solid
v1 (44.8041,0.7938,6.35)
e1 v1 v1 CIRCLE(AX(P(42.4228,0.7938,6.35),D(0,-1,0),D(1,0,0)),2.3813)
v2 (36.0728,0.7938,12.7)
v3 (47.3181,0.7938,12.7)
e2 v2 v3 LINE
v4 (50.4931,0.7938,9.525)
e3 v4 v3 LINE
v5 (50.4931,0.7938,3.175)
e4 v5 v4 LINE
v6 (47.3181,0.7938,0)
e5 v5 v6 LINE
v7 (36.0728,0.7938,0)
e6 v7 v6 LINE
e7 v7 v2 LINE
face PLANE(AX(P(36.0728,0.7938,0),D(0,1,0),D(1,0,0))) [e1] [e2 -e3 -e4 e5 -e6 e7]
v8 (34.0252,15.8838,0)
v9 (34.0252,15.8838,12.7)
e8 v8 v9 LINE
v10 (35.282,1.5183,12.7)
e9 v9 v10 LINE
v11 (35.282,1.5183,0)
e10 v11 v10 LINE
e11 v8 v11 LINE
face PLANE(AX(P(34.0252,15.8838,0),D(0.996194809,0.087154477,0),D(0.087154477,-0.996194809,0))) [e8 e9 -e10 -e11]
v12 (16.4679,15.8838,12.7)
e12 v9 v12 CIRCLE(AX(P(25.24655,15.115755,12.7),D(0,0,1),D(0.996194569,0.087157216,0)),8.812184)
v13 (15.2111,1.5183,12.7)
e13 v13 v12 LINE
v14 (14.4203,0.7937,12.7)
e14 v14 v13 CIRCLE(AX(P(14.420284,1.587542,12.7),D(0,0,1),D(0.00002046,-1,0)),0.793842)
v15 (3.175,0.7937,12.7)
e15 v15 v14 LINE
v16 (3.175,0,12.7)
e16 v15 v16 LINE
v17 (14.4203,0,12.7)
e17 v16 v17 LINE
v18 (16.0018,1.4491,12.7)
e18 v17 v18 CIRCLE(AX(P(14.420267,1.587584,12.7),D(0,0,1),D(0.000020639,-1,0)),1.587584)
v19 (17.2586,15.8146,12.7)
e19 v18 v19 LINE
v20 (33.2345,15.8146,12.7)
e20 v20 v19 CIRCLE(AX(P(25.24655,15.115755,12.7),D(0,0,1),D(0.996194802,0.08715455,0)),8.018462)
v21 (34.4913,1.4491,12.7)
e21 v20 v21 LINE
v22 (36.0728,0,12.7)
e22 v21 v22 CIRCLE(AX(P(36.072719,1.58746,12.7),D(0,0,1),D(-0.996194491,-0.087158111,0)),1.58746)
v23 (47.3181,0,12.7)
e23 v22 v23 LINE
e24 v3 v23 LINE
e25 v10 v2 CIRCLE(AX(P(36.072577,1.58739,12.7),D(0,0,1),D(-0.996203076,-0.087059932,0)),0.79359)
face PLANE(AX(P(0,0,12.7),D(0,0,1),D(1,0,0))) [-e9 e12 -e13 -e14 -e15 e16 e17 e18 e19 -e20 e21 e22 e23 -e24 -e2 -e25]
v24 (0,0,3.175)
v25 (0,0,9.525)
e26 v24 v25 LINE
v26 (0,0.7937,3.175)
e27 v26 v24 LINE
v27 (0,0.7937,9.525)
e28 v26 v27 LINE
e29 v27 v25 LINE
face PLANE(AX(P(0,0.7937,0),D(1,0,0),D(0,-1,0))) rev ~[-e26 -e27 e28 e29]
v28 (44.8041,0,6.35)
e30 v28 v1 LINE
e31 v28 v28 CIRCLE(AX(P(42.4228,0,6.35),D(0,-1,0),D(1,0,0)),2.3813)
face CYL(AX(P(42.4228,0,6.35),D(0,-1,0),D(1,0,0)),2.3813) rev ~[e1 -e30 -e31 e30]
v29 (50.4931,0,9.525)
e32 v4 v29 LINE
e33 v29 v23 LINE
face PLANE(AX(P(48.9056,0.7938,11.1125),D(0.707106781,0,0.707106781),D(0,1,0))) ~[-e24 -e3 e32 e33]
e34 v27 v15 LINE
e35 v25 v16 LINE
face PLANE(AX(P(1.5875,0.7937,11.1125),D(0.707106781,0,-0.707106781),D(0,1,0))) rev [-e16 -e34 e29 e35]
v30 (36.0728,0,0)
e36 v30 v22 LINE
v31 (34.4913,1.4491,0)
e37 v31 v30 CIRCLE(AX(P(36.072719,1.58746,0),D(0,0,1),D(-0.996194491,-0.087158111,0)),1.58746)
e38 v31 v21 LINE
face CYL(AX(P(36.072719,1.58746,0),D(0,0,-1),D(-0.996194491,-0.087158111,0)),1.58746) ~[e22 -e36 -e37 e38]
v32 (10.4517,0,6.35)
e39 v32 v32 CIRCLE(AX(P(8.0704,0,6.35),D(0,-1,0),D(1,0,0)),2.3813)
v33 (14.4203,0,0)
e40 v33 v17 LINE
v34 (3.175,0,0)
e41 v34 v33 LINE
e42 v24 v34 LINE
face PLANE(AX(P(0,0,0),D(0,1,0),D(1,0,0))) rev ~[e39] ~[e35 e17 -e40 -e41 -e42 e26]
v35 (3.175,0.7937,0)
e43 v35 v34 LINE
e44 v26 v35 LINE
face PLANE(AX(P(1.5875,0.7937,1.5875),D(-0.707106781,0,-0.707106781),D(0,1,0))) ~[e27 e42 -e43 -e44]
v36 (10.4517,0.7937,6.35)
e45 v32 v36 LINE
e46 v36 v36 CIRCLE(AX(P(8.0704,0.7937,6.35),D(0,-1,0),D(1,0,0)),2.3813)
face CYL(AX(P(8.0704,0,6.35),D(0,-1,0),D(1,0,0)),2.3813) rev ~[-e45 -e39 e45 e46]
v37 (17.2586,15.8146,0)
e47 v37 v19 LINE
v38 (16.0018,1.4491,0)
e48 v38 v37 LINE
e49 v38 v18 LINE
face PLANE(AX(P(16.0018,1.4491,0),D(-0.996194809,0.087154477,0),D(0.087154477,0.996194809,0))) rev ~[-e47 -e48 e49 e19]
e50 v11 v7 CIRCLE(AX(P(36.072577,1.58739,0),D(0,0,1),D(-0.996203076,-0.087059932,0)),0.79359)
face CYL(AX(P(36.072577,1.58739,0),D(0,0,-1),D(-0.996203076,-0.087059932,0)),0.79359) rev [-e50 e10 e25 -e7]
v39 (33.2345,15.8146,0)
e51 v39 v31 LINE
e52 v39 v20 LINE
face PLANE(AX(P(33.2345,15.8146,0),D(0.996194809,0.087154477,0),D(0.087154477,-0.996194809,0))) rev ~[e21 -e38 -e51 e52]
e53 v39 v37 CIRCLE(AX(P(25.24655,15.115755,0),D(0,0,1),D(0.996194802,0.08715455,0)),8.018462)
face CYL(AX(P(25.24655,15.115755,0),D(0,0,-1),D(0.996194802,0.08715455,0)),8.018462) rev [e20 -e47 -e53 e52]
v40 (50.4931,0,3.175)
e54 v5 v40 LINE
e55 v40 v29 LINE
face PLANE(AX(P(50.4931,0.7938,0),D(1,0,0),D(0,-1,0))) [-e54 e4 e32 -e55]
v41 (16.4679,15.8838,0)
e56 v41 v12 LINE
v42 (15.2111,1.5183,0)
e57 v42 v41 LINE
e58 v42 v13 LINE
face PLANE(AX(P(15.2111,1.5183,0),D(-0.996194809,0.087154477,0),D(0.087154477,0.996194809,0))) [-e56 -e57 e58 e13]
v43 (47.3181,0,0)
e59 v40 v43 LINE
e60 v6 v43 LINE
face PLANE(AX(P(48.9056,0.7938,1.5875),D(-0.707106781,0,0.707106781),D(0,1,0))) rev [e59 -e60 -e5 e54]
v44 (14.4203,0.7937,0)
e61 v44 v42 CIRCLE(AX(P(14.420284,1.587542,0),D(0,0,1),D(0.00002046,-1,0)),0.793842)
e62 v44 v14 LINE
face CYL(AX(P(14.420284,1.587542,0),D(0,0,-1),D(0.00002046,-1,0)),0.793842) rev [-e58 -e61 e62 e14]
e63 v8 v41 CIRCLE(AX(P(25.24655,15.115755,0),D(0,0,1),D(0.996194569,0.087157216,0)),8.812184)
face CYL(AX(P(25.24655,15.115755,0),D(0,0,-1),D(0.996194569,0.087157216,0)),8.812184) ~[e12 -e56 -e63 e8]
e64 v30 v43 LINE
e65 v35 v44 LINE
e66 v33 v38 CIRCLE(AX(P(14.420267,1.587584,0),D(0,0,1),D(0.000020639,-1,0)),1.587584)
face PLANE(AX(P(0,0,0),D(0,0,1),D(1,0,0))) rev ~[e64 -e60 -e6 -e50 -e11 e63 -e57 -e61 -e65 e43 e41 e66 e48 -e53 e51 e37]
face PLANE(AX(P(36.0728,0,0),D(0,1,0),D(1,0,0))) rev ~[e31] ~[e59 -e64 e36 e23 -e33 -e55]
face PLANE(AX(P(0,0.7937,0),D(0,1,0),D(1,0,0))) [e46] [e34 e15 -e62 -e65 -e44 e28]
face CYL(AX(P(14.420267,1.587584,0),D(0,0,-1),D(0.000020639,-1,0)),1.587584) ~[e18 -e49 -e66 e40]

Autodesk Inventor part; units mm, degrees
ref_plane "YZ Plane" through (0, 0, 0) normal (1, 0, 0) x (0, 1, 0)
ref_plane "XZ Plane" through (0, 0, 0) normal (0, 1, 0) x (-1, 0, 0)
ref_plane "XY Plane" through (0, 0, 0) normal (0, 0, 1) x (1, 0, 0)
sketch "Sketch1" plane through (0, 0, 0) normal (0, 0, 1) x (1, 0, 0)
  line L0 (0, 0) -> (14.4203, 0)
  line L1 (16.0018, 1.4491) -> (17.2586, 15.8146)
  arc A0 (33.2345, 15.8146) -> (17.2586, 15.8146) centre (25.2465, 15.1157) ccw
  line L2 (33.2345, 15.8146) -> (34.4913, 1.4491)
  line L3 (36.0728, 0) -> (50.4931, 0)
  arc A1 (14.4203, 0) -> (16.0018, 1.4491) centre (14.4203, 1.5875) ccw
  arc A2 (34.4913, 1.4491) -> (36.0728, 0) centre (36.0728, 1.5875) ccw
  line L4 (0, 0.7937) -> (14.4203, 0.7937)
  arc A3 (14.4203, 0.7937) -> (15.2111, 1.5183) centre (14.4203, 1.5875) ccw
  line L5 (15.2111, 1.5183) -> (16.4679, 15.8838)
  arc A4 (34.0252, 15.8838) -> (16.4679, 15.8838) centre (25.2465, 15.1157) ccw
  line L6 (34.0252, 15.8838) -> (35.282, 1.5183)
  arc A5 (35.282, 1.5183) -> (36.0728, 0.7938) centre (36.0728, 1.5875) ccw
  line L7 (36.0728, 0.7938) -> (50.4931, 0.7938)
  line L8 (0, 0.7937) -> (0, 0)
  line L9 (50.4931, 0.7938) -> (50.4931, 0)
  line L10 (17.944, 18.4277) -> (32.549, 18.4277) construction
  point P0 (15.875, 0)
  dimension "d0" = 15.875
  dimension "d1" = 15.875
  dimension "d2" = 1.5875
  dimension "d3" = 95
  dimension "d4" = 95
  dimension "d6" = 0.7937
  dimension "d18" = 14.605
  dimension "d19" = 18.4277
extrude "Extrusion1" add sketch "Sketch1" along normal blind 12.7
chamfer "Chamfer1" distance 3.175 angle 45 4 edges at (0, 0.3969, 12.7) (50.4931, 0.3969, 12.7) (50.4931, 0.3969, 0) (0, 0.3969, 0)
sketch "Sketch2" plane through (36.0728, 0, 0) normal (0, -1, 0) x (1, 0, 0)
  line L0 (0, 12.7) -> (11.2453, 12.7) projected
  line L1 (0, 0) -> (0, 12.7) projected
  line L2 (0, 0) -> (11.2453, 0) projected
  line L3 (-32.8978, 0) -> (-36.0728, 3.175) projected
  line L4 (-32.8978, 0) -> (-21.6524, 0) projected
  line L5 (-21.6524, 0) -> (-21.6524, 12.7) projected
  line L6 (-32.8978, 12.7) -> (-21.6524, 12.7) projected
  line L7 (-36.0728, 9.525) -> (-32.8978, 12.7) projected
  line L8 (-36.0728, 3.175) -> (-36.0728, 9.525) projected
  line L9 (6.35, 12.7) -> (6.35, 0) construction
  line L10 (-28.0024, 12.7) -> (-28.0024, 0) construction
  circle A0 centre (-28.0024, 6.35) radius 2.3813
  circle A1 centre (6.35, 6.35) radius 2.3813
  point P0 (-36.0728, 0)
  dimension "d12" = 4.7625
  dimension "d13" = 4.7625
  dimension "d14" = 6.35
  dimension "d15" = 6.35
extrude "Extrusion2" cut sketch "Sketch2" against normal through all contours A0 | A1
equation "\"d4\" = d3"
equation "\"d12\" = d13"
equation "\"d15\" = d14"
properties part number "Pneumatics Steel Bracket" material "Steel"
